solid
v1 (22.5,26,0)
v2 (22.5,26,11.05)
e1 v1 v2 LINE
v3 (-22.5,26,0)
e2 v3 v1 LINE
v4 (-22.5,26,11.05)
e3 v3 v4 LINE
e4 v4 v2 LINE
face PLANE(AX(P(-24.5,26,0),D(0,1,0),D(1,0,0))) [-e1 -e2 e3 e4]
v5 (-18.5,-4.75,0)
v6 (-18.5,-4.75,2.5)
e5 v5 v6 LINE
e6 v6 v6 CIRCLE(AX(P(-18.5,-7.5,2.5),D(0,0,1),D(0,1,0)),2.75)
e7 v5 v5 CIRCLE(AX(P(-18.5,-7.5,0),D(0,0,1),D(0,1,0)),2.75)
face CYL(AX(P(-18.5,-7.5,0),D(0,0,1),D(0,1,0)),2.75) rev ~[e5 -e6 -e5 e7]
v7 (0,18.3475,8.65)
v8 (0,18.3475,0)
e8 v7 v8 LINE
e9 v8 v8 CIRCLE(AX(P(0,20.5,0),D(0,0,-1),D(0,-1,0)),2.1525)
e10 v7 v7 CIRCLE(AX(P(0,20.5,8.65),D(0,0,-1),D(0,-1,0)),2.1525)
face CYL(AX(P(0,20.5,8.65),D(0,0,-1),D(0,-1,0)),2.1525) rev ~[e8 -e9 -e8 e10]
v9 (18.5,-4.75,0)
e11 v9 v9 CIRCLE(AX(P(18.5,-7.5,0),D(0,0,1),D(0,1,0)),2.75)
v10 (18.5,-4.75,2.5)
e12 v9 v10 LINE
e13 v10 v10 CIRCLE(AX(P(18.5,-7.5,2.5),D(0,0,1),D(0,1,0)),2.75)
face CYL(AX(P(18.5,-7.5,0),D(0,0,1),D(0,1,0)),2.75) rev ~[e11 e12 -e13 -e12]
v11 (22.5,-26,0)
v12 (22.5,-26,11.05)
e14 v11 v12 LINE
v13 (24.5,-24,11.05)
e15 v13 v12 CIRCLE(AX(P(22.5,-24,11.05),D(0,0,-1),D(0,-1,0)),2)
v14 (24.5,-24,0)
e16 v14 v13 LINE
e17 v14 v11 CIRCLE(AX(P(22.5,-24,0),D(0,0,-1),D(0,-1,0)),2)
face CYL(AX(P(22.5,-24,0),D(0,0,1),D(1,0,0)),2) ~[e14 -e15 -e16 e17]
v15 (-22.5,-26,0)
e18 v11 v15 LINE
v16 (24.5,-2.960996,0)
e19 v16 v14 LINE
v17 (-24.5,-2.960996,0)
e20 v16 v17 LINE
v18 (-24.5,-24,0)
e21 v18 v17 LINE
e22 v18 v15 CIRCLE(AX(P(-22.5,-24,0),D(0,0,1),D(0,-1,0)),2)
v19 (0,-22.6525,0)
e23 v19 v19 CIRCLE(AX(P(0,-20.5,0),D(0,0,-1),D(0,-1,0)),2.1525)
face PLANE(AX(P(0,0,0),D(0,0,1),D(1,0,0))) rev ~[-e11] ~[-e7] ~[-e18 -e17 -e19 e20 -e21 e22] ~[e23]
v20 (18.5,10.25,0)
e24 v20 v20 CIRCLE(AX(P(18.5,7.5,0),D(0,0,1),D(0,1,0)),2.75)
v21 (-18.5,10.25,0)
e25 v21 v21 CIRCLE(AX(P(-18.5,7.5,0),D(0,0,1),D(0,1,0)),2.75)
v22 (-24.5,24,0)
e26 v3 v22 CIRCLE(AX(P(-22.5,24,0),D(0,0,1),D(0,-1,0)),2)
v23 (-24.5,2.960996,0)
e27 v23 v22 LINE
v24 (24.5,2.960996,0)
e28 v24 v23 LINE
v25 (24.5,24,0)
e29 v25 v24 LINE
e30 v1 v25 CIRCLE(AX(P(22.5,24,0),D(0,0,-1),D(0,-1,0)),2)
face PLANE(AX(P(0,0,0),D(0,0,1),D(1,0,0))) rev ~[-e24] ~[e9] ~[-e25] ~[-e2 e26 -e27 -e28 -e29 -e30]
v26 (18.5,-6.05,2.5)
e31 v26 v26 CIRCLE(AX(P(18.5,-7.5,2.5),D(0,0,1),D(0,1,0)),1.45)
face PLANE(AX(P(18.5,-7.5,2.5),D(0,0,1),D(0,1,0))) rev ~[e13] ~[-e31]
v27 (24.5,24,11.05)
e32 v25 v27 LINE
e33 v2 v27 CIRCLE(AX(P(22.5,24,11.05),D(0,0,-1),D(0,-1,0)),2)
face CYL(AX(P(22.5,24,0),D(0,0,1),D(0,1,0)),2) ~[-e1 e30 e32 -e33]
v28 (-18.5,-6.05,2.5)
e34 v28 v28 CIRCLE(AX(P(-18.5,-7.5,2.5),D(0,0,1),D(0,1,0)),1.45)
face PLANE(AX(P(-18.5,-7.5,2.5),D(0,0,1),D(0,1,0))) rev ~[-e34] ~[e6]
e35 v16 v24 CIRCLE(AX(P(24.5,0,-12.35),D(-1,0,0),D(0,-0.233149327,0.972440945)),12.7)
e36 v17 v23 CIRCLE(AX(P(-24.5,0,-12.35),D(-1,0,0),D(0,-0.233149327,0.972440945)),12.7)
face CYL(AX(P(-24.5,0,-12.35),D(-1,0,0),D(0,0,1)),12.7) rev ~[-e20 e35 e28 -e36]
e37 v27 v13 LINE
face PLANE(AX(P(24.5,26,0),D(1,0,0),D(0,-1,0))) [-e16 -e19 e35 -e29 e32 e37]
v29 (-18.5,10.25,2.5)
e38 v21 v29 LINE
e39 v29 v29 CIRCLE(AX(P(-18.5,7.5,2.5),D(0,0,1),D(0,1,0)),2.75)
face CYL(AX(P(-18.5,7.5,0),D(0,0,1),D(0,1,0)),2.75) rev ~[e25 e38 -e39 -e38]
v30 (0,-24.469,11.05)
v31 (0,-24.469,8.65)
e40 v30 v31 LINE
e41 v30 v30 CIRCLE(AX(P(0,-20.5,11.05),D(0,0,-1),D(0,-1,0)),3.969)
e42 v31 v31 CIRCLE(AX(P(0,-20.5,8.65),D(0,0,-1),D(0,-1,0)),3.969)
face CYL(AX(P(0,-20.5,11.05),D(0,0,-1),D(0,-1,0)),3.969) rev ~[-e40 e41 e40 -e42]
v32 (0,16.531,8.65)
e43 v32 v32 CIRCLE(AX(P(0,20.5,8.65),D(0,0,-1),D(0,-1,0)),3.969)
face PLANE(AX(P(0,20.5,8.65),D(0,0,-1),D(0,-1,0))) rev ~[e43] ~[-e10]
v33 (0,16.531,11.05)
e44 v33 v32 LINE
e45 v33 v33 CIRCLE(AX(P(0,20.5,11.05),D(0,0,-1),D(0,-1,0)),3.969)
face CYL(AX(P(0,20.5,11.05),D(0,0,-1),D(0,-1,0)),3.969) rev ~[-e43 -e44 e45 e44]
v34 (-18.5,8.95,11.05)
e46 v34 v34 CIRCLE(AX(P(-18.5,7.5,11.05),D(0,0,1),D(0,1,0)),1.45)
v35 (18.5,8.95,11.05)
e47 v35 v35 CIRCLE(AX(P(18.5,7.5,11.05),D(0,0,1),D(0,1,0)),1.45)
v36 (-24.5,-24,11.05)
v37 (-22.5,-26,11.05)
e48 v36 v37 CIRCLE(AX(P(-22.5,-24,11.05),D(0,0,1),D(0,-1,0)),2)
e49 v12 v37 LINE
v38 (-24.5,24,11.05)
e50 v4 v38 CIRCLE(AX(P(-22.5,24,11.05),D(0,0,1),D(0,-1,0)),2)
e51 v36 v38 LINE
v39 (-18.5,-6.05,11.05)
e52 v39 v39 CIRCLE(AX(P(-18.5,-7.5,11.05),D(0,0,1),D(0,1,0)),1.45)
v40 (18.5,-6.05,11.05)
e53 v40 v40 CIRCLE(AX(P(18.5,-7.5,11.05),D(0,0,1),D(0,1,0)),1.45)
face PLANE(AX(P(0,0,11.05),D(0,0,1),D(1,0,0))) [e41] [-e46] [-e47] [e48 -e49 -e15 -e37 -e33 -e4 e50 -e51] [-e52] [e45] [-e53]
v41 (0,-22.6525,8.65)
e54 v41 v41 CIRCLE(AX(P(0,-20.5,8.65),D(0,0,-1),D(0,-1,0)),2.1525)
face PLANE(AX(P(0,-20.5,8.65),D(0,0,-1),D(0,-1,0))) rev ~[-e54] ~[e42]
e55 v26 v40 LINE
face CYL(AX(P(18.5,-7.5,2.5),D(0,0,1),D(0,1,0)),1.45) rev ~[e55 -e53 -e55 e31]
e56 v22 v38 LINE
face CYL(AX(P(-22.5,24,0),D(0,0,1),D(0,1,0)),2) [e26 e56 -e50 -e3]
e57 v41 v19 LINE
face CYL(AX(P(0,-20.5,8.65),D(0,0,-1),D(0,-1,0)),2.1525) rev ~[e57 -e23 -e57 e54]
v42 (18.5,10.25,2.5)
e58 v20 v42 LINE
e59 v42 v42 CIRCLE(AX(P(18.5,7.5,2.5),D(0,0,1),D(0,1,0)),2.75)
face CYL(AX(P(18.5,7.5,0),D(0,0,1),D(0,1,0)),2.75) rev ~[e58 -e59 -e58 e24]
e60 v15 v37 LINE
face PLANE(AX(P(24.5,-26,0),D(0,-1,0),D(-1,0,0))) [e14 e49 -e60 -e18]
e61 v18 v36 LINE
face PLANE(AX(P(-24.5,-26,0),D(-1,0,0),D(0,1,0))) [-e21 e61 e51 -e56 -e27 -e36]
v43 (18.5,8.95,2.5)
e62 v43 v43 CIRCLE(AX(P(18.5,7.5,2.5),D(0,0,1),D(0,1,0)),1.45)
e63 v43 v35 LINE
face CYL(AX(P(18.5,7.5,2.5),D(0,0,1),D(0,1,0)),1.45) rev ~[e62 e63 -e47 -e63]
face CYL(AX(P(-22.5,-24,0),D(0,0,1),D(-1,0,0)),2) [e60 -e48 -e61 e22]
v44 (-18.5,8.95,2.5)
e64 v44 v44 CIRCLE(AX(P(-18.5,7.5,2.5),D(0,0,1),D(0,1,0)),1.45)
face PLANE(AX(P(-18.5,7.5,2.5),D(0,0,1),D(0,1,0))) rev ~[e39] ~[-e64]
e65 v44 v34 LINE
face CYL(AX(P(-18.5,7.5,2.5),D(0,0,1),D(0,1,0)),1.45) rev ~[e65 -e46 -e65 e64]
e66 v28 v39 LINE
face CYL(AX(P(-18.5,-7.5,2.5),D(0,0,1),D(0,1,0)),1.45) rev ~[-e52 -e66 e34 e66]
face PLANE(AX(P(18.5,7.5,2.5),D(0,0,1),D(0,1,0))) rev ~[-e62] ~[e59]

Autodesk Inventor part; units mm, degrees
ref_plane "YZ Plane" through (0, 0, 0) normal (1, 0, 0) x (0, 1, 0)
ref_plane "XZ Plane" through (0, 0, 0) normal (0, 1, 0) x (-1, 0, 0)
ref_plane "XY Plane" through (0, 0, 0) normal (0, 0, 1) x (1, 0, 0)
sketch "Sketch1" plane through (0, 0, 0) normal (0, 0, 1) x (1, 0, 0)
  line L0 (-24.5, 26) -> (24.5, 26)
  line L1 (24.5, 26) -> (24.5, -26)
  line L2 (24.5, -26) -> (-24.5, -26)
  line L3 (-24.5, -26) -> (-24.5, 26)
  point P0 (0, 0)
  dimension "d0" = 52
  dimension "d1" = 26
  dimension "d2" = 49
  dimension "d3" = 24.5
extrude "Extrusion1" add sketch "Sketch1" along normal blind 11.05
sketch "Sketch3" plane through (0, 0, 11.05) normal (0, 0, 1) x (1, 0, 0)
  line L0 (-24.5, -26) -> (24.5, -26) projected
  line L1 (0, -26) -> (0, -20.5)
  line L2 (24.5, 26) -> (-24.5, 26) projected
  line L3 (0, 26) -> (0, 20.5)
  point P0 (0, 0)
  point P1 (0, 0)
  dimension "d13" = 5.5
  dimension "d14" = 20.5
  dimension "d15" = 5.5
  dimension "d16" = 20.5
hole "Hole1" at (0, 20.5, 11.05) at (0, -20.5, 11.05) direction (0, 0, -1) diameter 4.305 depth 12.3 counterbore diameter 7.938 counterbore depth 2.4 clearance for "Socket Head Cap Screw" size "#8" standard "Ansi Unified Screw Threads"
fillet "Fillet1" radius 2 4 edges at (-24.5, -26, 5.525) (-24.5, 26, 5.525) (24.5, -26, 5.525) (24.5, 26, 5.525)
sketch "Sketch7" plane through (-24.5, -24, 0) normal (-1, 0, 0) x (0, 0, 1)
  circle A0 centre (-12.35, 24) radius 12.7
  point P0 (0, 24)
  dimension "d57" = 25.4
  dimension "d58" = 12.35
extrude "Extrusion3" cut sketch "Sketch7" against normal blind 50
sketch "Sketch11" plane through (0, 0, 11.05) normal (0, 0, 1) x (1, 0, 0)
  line L0 (0, 0) -> (0, -15) construction
  line L1 (0, 0) -> (0, 15) construction
  line L2 (0, 0) -> (22.5, 0) construction
  line L3 (22.5, 0) -> (22.5, -15) construction
  line L4 (22.5, 0) -> (22.5, 15) construction
  line L5 (0, 0) -> (-22.5, 0) construction
  line L6 (-22.5, 0) -> (-22.5, -15) construction
  line L7 (-22.5, 0) -> (-22.5, 15) construction
  line L8 (22.5, -15) -> (-22.5, -15) construction
  line L9 (22.5, 15) -> (-22.5, 15) construction
  line L10 (-15.4375, 7.9375) -> (15.4375, 7.9375) construction
  line L11 (15.4375, -7.9375) -> (-15.4375, -7.9375) construction
  line L12 (-18.6125, -11.1125) -> (-18.6125, 0) construction
  line L13 (-18.6125, 0) -> (-18.6125, 11.1125) construction
  line L14 (18.6125, 11.1125) -> (18.6125, 0) construction
  line L15 (18.6125, 0) -> (18.6125, -11.1125) construction
  line L16 (15.4375, -7.9375) -> (18.6125, -7.9375) construction
  line L17 (15.4375, 7.9375) -> (18.6125, 7.9375) construction
  line L18 (-15.4375, -7.9375) -> (-18.6125, -7.9375) construction
  line L19 (-15.4375, 7.9375) -> (-18.6125, 7.9375) construction
  line L20 (18.6125, -7.9375) -> (29.1538, -7.9375) construction
  line L21 (18.6125, 7.9375) -> (28.0959, 7.9375) construction
  line L22 (-18.6125, -7.9375) -> (-33.3375, -7.9375) construction
  line L23 (-18.6125, 7.9375) -> (-34.925, 7.9375) construction
  dimension "d98" = 22.5
  dimension "d99" = 15
  dimension "d100" = 15
  dimension "d101" = 22.5
  dimension "d102" = 15
  dimension "d103" = 15
  dimension "d104" = 7.0625
hole "Hole6" [suppressed]
sketch "Sketch12" plane through (0, 0, 0) normal (0, 0, -1) x (-1, 0, 0)
  line L0 (-22.5, 0) -> (-22.5, 15) construction
  line L1 (22.5, 0) -> (22.5, 15) construction
  line L2 (-22.5, 0) -> (-22.5, -15) construction
  line L3 (22.5, 0) -> (22.5, -15) construction
  line L4 (24.5, 24) -> (24.5, -24) construction
  line L5 (-22.5, 15) -> (22.5, 15) construction
  line L6 (-22.5, -15) -> (22.5, -15) construction
  line L7 (-18.5, 11.55) -> (-18.5, 0) construction
  line L8 (-18.5, 0) -> (-18.5, -11.55) construction
  line L9 (18.5, -11.55) -> (18.5, 0) construction
  line L10 (18.5, 0) -> (18.5, 11.55) construction
  line L11 (15.9875, -7.5) -> (-14.8875, -7.5) construction
  line L12 (-15.4375, 7.5) -> (15.4375, 7.5) construction
  line L13 (-15.4375, 7.5) -> (-18.5, 7.5) construction
  line L14 (15.4375, 7.5) -> (18.5, 7.5) construction
  line L15 (-14.8875, -7.5) -> (-18.5, -7.5) construction
  line L16 (15.9875, -7.5) -> (18.5, -7.5) construction
  line L17 (-18.5, 7.5) -> (-21.7329, 7.5) construction
  line L18 (-18.5, -7.5) -> (-20.6685, -7.5) construction
  line L19 (18.5, -7.5) -> (22.1748, -7.5) construction
  line L20 (18.5, 7.5) -> (20.6375, 7.5) construction
  point P0 (0, 0)
  dimension "d115" = 15
  dimension "d117" = 4
  dimension "d118" = 7.5
  dimension "d126" = 45
  dimension "d127" = 15
  dimension "d128" = 4
  dimension "d129" = 7.5
hole "Hole7" at (18.5, 7.5, 0) at (-18.5, 7.5, 0) at (18.5, -7.5, 0) at (-18.5, -7.5, 0) direction (0, 0, 1) diameter 2.9 end through all counterbore diameter 5.5 counterbore depth 2.5 clearance for "Socket Head Cap Screw" size "M2.5" standard "Ansi Metric M Profile"
equation "\"d1\" = 0.5 * d0"
equation "\"d3\" = 0.5 * d2"
equation "\"d15\" = d13"
properties part number "ADAPTER_EOM2.1GHz_new"
